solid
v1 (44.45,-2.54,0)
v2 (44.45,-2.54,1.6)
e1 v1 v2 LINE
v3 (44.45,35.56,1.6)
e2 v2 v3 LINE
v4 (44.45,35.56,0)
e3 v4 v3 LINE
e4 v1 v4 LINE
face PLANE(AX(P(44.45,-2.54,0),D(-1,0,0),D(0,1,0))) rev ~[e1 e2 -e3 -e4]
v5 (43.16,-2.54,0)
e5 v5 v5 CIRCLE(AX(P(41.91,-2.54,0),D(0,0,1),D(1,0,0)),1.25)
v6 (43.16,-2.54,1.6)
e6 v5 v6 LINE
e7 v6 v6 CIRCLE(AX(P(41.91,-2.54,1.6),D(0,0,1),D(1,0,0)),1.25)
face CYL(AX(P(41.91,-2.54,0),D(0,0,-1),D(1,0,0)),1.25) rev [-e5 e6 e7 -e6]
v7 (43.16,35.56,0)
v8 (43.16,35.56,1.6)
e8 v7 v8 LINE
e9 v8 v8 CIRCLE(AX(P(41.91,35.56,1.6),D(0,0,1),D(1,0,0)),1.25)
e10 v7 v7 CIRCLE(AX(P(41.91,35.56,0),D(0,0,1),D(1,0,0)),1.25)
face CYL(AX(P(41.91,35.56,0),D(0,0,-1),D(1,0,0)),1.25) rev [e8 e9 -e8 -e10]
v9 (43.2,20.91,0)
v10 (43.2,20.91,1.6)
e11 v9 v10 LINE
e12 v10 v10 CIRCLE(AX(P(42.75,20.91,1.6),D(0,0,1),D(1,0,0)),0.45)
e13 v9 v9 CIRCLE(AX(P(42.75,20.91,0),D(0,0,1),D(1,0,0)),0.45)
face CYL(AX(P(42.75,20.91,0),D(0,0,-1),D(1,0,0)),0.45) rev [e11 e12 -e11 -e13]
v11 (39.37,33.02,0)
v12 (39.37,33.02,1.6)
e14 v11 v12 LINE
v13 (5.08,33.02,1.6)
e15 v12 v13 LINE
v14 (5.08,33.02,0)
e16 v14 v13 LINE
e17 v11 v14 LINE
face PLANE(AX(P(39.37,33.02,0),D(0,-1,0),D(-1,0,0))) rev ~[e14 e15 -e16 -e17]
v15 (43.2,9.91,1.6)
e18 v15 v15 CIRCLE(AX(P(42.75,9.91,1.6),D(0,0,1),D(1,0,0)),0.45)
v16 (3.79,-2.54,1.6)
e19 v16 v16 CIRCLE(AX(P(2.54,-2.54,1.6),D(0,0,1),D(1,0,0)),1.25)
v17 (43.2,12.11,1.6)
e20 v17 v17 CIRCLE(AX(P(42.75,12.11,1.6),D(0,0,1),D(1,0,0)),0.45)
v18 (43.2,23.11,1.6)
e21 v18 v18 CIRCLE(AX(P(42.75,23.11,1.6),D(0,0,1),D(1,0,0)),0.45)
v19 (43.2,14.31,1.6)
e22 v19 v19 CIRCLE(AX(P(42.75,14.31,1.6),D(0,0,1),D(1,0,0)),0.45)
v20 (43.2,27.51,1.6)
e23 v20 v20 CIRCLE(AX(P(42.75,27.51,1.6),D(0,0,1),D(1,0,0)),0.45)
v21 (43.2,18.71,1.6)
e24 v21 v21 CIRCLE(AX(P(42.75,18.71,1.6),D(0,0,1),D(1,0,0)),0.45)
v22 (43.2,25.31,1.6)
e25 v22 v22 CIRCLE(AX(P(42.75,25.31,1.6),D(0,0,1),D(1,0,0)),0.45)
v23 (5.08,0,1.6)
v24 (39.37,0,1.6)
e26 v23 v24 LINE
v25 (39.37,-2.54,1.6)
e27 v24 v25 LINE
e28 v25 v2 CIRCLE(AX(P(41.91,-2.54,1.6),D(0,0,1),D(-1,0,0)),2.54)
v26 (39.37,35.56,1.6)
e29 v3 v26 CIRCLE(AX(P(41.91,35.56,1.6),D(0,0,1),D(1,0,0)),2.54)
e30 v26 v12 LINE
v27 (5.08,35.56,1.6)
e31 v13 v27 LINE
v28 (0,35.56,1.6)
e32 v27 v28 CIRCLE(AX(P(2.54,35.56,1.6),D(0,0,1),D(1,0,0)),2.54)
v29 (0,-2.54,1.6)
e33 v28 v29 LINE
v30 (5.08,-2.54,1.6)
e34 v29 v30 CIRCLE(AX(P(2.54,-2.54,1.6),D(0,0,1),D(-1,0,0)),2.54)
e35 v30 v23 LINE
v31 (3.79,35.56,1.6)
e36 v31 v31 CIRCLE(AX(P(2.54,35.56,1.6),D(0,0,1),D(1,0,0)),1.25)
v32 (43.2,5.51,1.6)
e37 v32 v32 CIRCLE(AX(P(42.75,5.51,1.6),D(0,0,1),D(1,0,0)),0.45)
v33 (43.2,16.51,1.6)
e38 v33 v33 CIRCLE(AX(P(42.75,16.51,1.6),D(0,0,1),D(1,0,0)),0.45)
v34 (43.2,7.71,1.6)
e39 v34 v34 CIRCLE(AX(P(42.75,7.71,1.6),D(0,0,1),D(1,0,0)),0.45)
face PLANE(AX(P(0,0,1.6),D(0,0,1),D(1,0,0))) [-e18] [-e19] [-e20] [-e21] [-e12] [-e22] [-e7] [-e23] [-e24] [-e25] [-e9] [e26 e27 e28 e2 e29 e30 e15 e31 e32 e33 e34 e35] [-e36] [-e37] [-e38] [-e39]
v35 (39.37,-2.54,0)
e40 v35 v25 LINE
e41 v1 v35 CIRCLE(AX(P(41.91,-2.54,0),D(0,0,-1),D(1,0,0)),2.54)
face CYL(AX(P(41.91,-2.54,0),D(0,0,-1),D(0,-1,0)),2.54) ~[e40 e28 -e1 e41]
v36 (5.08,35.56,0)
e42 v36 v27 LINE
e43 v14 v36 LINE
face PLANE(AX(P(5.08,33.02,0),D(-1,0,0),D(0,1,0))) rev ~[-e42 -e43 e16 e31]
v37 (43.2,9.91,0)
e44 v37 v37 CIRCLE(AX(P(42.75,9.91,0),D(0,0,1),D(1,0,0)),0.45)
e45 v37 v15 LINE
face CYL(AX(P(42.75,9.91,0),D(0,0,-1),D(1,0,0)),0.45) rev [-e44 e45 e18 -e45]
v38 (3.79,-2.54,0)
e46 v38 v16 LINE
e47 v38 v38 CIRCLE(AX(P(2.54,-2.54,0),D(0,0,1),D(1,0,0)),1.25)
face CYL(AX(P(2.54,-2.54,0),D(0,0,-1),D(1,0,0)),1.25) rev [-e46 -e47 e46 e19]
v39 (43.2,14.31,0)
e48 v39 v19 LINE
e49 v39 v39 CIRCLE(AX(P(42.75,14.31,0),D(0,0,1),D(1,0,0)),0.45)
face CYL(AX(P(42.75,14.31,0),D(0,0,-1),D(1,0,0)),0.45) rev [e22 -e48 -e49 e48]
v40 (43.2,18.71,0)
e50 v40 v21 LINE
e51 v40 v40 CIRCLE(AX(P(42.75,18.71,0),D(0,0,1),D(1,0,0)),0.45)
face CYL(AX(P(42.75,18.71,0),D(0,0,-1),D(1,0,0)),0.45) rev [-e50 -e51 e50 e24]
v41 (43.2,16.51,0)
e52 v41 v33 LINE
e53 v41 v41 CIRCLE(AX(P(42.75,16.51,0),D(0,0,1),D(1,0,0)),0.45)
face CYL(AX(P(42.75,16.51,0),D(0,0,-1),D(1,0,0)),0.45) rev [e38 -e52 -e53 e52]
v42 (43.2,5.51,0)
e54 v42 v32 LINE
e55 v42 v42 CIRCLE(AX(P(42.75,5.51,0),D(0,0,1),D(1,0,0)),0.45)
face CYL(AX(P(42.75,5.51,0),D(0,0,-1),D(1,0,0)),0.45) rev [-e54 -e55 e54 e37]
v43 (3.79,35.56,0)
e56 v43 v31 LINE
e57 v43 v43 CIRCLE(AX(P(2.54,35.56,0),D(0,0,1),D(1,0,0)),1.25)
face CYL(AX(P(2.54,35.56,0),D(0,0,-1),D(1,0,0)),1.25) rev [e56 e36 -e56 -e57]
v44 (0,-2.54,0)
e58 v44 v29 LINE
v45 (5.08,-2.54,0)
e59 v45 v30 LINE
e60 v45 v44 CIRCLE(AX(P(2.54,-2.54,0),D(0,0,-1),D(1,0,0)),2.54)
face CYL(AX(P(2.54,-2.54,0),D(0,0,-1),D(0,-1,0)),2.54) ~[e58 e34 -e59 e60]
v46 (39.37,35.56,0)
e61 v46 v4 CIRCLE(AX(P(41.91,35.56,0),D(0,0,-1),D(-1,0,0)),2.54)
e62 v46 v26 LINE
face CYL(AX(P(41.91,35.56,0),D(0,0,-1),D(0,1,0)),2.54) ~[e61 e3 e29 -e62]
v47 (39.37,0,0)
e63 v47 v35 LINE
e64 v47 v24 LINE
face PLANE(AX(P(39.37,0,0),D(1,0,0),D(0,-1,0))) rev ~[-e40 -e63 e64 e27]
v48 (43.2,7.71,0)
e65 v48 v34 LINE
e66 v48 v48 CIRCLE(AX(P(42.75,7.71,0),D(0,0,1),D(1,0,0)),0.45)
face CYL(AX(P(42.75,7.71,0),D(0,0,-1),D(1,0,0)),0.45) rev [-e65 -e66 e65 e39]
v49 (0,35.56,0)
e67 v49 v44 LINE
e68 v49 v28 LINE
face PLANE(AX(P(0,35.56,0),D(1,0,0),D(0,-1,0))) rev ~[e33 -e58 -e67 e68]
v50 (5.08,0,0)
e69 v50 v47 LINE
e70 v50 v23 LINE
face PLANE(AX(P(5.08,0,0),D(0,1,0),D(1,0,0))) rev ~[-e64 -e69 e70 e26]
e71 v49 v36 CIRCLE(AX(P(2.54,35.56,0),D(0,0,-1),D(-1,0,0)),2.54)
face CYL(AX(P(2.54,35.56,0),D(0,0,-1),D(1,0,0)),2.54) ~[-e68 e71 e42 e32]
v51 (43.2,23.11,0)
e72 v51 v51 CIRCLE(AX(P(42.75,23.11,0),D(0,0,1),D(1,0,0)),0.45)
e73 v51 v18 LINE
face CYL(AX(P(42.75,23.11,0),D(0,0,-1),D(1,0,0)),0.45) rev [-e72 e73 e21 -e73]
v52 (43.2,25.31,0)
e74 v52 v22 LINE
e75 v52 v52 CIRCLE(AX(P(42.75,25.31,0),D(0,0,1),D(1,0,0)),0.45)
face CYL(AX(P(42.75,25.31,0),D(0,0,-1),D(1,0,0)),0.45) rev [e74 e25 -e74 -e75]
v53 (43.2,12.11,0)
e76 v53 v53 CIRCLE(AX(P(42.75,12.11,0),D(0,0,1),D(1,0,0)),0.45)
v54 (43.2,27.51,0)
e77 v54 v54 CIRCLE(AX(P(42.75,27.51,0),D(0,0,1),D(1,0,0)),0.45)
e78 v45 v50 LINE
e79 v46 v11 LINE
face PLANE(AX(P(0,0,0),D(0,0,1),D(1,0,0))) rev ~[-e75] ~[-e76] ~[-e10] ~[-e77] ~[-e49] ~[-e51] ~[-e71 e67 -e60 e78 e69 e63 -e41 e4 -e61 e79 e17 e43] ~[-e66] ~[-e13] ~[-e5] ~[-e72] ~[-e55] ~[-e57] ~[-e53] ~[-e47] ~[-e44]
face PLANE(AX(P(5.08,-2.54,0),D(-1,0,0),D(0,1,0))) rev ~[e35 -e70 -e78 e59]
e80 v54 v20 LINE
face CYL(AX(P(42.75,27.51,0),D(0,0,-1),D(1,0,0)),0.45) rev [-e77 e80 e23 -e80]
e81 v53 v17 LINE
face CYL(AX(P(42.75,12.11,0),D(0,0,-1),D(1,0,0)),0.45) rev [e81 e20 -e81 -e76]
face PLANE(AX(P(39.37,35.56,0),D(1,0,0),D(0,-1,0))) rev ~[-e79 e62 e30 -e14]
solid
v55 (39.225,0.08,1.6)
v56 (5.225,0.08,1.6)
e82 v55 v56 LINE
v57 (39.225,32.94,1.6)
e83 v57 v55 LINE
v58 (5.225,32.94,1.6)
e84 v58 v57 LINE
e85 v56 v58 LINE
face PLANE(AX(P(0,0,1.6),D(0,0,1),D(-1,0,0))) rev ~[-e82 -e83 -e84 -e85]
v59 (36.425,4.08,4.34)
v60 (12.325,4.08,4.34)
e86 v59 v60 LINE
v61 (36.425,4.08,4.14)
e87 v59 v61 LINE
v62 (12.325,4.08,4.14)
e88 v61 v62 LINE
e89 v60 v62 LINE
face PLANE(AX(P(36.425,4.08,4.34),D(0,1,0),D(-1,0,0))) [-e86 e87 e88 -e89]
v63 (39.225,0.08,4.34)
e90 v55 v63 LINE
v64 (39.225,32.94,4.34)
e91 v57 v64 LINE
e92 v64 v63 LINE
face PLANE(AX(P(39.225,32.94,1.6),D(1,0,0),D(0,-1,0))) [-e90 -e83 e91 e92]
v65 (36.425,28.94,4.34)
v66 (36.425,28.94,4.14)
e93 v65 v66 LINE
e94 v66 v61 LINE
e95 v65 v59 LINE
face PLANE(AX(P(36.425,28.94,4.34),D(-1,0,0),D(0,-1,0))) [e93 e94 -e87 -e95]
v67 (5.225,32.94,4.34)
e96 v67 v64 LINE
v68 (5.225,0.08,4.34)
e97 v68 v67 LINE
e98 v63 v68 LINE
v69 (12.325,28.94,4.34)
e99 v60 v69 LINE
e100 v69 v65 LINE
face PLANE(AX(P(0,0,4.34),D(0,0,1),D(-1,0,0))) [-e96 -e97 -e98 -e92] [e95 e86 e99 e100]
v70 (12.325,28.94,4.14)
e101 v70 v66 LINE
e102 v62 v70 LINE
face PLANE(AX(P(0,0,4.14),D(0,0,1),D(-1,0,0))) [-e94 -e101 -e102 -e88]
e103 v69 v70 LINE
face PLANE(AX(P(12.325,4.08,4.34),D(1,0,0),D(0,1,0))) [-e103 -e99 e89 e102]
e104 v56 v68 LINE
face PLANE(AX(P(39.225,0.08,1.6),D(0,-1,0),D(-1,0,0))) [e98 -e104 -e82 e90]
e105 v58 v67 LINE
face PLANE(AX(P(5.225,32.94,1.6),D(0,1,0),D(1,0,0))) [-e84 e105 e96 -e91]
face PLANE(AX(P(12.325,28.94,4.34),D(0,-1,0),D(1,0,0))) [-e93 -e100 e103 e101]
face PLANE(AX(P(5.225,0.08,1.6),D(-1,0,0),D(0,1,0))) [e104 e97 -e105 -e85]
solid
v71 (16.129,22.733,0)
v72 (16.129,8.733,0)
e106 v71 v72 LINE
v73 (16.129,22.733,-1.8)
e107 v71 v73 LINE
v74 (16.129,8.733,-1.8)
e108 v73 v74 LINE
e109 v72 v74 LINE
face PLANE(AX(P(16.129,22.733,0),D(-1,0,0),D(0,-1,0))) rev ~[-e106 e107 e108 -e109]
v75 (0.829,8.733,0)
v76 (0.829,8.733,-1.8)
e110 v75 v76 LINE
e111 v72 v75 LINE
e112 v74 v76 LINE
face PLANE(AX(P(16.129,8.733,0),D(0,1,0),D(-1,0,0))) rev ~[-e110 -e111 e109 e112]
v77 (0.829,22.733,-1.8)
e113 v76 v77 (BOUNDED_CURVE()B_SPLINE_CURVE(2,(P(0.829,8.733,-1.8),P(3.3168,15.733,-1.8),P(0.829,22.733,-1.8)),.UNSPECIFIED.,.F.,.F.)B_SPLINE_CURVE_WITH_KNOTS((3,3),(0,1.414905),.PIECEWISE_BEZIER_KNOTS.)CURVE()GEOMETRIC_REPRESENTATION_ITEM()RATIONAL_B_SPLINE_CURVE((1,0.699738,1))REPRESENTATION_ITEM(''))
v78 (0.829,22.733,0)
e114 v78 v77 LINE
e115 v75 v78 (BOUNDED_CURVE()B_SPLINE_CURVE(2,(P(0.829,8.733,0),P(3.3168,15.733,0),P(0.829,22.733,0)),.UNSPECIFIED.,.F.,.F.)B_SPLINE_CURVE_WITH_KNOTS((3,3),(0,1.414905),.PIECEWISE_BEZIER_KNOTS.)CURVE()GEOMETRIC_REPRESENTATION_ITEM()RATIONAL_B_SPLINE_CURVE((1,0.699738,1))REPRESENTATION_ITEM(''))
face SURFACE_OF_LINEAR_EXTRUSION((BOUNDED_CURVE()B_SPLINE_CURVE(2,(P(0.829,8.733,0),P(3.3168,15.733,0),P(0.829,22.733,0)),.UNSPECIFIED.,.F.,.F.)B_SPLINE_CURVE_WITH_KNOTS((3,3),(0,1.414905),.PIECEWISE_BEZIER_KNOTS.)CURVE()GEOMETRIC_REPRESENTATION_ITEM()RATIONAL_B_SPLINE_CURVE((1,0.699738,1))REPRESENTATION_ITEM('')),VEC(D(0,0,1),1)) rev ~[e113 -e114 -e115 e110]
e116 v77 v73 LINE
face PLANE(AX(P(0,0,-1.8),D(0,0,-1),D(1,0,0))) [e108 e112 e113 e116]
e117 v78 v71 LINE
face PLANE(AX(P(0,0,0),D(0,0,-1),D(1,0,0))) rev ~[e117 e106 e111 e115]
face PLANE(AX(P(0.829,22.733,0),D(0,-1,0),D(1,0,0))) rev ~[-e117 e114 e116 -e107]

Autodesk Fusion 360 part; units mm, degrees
sketch "Adafruit TFT144 Breakout rev B" plane through (0, 0, 0) normal (0, 0, 1) x (1, 0, 0)
  line L0 (5.08, 33.02) -> (5.08, 35.56)
  arc A0 (2.54, 38.1) -> (0, 35.56) centre (2.54, 35.56) ccw
  line L1 (5.08, 0) -> (39.37, 0)
  arc A1 (0, -2.54) -> (2.54, -5.08) centre (2.54, -2.54) ccw
  arc A2 (44.45, 35.56) -> (41.91, 38.1) centre (41.91, 35.56) ccw
  line L2 (39.37, 33.02) -> (5.08, 33.02)
  arc A3 (39.37, -2.54) -> (41.91, -5.08) centre (41.91, -2.54) ccw
  arc A4 (5.08, 35.56) -> (2.54, 38.1) centre (2.54, 35.56) ccw
  line L3 (5.08, -2.54) -> (5.08, 0)
  arc A5 (41.91, 38.1) -> (39.37, 35.56) centre (41.91, 35.56) ccw
  arc A6 (41.91, -5.08) -> (44.45, -2.54) centre (41.91, -2.54) ccw
  line L4 (39.37, 35.56) -> (39.37, 33.02)
  line L5 (44.45, -2.54) -> (44.45, 35.56)
  line L6 (0, 35.56) -> (0, -2.54)
  line L7 (39.37, 0) -> (39.37, -2.54)
  arc A7 (2.54, -5.08) -> (5.08, -2.54) centre (2.54, -2.54) ccw
  circle A8 centre (2.54, 35.56) radius 1.25
  circle A9 centre (41.91, 35.56) radius 1.25
  circle A10 centre (2.54, -2.54) radius 1.25
  circle A11 centre (41.91, -2.54) radius 1.25
  line L8 (44.45, 16.51) -> (0, 16.51) construction
  circle A12 centre (42.75, 27.51) radius 0.45
  circle A13 centre (42.75, 25.31) radius 0.45
  circle A14 centre (42.75, 23.11) radius 0.45
  circle A15 centre (42.75, 20.91) radius 0.45
  circle A16 centre (42.75, 18.71) radius 0.45
  circle A17 centre (42.75, 16.51) radius 0.45
  circle A18 centre (42.75, 14.31) radius 0.45
  circle A19 centre (42.75, 12.11) radius 0.45
  circle A20 centre (42.75, 9.91) radius 0.45
  circle A21 centre (42.75, 7.71) radius 0.45
  circle A22 centre (42.75, 5.51) radius 0.45
  dimension "d3" = 2.5
  dimension "d4" = 2.5
  dimension "d5" = 2.5
  dimension "d6" = 2.5
  dimension "d25" = 0.9
  dimension "d26" = 1.7
  dimension "d29" = 0
  dimension "d30" = -2.2
extrude "Extrude1" add sketch "Adafruit TFT144 Breakout rev B" along normal blind 1.6 contours L0 A0 L1 A1 A2 L2 A3 A4 L3 A5 A6 L4 L5 L6 L7 A7 | A12 | A13 | A14 | A15 | A16 | A17 | A18 | A19 | A20 | A21 | A22 makes body 1
sketch "Display Glass" plane through (0, 0, 1.6) normal (0, 0, 1) x (-1, 0, 0)
  circle A0 centre (-41.91, -35.56) radius 1.25
  circle A1 centre (-41.91, 2.54) radius 1.25
  circle A2 centre (-2.54, 2.54) radius 1.25
  circle A3 centre (-2.54, -35.56) radius 1.25
  arc A4 (0, 2.54) -> (-5.08, 2.54) centre (-2.54, 2.54) ccw
  line L0 (-5.08, 2.54) -> (-5.08, 0)
  line L1 (-5.08, 0) -> (-39.37, 0)
  line L2 (-39.37, 0) -> (-39.37, 2.54)
  arc A5 (-39.37, 2.54) -> (-44.45, 2.54) centre (-41.91, 2.54) ccw
  line L3 (-44.45, 2.54) -> (-44.45, -35.56)
  arc A6 (-44.45, -35.56) -> (-39.37, -35.56) centre (-41.91, -35.56) ccw
  line L4 (-39.37, -35.56) -> (-39.37, -33.02)
  line L5 (-39.37, -33.02) -> (-5.08, -33.02)
  line L6 (-5.08, -33.02) -> (-5.08, -35.56)
  arc A7 (-5.08, -35.56) -> (0, -35.56) centre (-2.54, -35.56) ccw
  line L7 (0, -35.56) -> (0, 2.54)
  line L8 (-5.225, -32.94) -> (-39.225, -32.94)
  line L9 (-39.225, -32.94) -> (-39.225, -0.08)
  line L10 (-39.225, -0.08) -> (-5.225, -0.08)
  line L11 (-5.225, -0.08) -> (-5.225, -32.94)
  line L12 (-5.225, -16.51) -> (-39.225, -16.51) construction
  line L13 (-22.225, -32.94) -> (-22.225, -0.08) construction
  line L14 (0, -16.51) -> (-44.45, -16.51) construction
  line L15 (-22.225, -33.02) -> (-22.225, 0) construction
  dimension "d9" = 34
  dimension "d10" = 32.86
extrude "Extrude2" add sketch "Display Glass" along normal blind 2.74 separate body contours L8 L9 L10 L11 makes body 2
sketch "Display View" plane through (0, 0, 4.34) normal (0, 0, 1) x (-1, 0, 0)
  line L0 (-5.225, -0.08) -> (-39.225, -0.08)
  line L1 (-39.225, -0.08) -> (-39.225, -32.94)
  line L2 (-39.225, -32.94) -> (-5.225, -32.94)
  line L3 (-5.225, -32.94) -> (-5.225, -0.08)
  line L4 (-12.325, -28.94) -> (-36.425, -28.94)
  line L5 (-36.425, -28.94) -> (-36.425, -4.08)
  line L6 (-36.425, -4.08) -> (-12.325, -4.08)
  line L7 (-12.325, -4.08) -> (-12.325, -28.94)
  dimension "d13" = 2.8
  dimension "d14" = 7.1
  dimension "d15" = 4
  dimension "d16" = 4
extrude "Extrude3" cut sketch "Display View" against normal blind 0.2 contours L4 L5 L6 L7 bodies 2
sketch "microSD" plane through (0, 0, 0) normal (0, 0, -1) x (1, 0, 0)
  circle A0 centre (41.91, -35.56) radius 1.25
  circle A1 centre (41.91, 2.54) radius 1.25
  circle A2 centre (2.54, 2.54) radius 1.25
  circle A3 centre (2.54, -35.56) radius 1.25
  arc A4 (5.08, 2.54) -> (0, 2.54) centre (2.54, 2.54) ccw
  line L0 (0, 2.54) -> (0, -35.56)
  arc A5 (0, -35.56) -> (5.08, -35.56) centre (2.54, -35.56) ccw
  line L1 (5.08, -35.56) -> (5.08, -33.02)
  line L2 (5.08, -33.02) -> (39.37, -33.02)
  line L3 (39.37, -33.02) -> (39.37, -35.56)
  arc A6 (39.37, -35.56) -> (44.45, -35.56) centre (41.91, -35.56) ccw
  line L4 (44.45, -35.56) -> (44.45, 2.54)
  arc A7 (44.45, 2.54) -> (39.37, 2.54) centre (41.91, 2.54) ccw
  line L5 (39.37, 2.54) -> (39.37, 0)
  line L6 (39.37, 0) -> (5.08, 0)
  line L7 (5.08, 0) -> (5.08, 2.54)
  line L8 (0.829, -22.733) -> (16.129, -22.733)
  line L9 (16.129, -22.733) -> (16.129, -8.733)
  line L10 (16.129, -8.733) -> (0.829, -8.733)
  line L11 (0.829, -8.733) -> (0.829, -22.733)
  spline S0 degree 2 poles (0.829, -8.733) (3.3168, -15.733) (0.829, -22.733) knots 0 0 0 1.414905 1.414905 1.414905 weights 1 0.699738 1
  dimension "d19" = 15.3
  dimension "d20" = 14
  dimension "d21" = 22.733
  dimension "d22" = 16.129
extrude "Extrude4" add sketch "microSD" along normal blind 1.8 separate body contours L8 L9 L10 S0 makes body 3
extrude "Extrude5" cut sketch "Adafruit TFT144 Breakout rev B" along normal up to surface (1.6 mm away) contours A12 | A13 | A14 | A15 | A16 | A17 | A18 | A19 | A20 | A21 | A22 bodies 1
